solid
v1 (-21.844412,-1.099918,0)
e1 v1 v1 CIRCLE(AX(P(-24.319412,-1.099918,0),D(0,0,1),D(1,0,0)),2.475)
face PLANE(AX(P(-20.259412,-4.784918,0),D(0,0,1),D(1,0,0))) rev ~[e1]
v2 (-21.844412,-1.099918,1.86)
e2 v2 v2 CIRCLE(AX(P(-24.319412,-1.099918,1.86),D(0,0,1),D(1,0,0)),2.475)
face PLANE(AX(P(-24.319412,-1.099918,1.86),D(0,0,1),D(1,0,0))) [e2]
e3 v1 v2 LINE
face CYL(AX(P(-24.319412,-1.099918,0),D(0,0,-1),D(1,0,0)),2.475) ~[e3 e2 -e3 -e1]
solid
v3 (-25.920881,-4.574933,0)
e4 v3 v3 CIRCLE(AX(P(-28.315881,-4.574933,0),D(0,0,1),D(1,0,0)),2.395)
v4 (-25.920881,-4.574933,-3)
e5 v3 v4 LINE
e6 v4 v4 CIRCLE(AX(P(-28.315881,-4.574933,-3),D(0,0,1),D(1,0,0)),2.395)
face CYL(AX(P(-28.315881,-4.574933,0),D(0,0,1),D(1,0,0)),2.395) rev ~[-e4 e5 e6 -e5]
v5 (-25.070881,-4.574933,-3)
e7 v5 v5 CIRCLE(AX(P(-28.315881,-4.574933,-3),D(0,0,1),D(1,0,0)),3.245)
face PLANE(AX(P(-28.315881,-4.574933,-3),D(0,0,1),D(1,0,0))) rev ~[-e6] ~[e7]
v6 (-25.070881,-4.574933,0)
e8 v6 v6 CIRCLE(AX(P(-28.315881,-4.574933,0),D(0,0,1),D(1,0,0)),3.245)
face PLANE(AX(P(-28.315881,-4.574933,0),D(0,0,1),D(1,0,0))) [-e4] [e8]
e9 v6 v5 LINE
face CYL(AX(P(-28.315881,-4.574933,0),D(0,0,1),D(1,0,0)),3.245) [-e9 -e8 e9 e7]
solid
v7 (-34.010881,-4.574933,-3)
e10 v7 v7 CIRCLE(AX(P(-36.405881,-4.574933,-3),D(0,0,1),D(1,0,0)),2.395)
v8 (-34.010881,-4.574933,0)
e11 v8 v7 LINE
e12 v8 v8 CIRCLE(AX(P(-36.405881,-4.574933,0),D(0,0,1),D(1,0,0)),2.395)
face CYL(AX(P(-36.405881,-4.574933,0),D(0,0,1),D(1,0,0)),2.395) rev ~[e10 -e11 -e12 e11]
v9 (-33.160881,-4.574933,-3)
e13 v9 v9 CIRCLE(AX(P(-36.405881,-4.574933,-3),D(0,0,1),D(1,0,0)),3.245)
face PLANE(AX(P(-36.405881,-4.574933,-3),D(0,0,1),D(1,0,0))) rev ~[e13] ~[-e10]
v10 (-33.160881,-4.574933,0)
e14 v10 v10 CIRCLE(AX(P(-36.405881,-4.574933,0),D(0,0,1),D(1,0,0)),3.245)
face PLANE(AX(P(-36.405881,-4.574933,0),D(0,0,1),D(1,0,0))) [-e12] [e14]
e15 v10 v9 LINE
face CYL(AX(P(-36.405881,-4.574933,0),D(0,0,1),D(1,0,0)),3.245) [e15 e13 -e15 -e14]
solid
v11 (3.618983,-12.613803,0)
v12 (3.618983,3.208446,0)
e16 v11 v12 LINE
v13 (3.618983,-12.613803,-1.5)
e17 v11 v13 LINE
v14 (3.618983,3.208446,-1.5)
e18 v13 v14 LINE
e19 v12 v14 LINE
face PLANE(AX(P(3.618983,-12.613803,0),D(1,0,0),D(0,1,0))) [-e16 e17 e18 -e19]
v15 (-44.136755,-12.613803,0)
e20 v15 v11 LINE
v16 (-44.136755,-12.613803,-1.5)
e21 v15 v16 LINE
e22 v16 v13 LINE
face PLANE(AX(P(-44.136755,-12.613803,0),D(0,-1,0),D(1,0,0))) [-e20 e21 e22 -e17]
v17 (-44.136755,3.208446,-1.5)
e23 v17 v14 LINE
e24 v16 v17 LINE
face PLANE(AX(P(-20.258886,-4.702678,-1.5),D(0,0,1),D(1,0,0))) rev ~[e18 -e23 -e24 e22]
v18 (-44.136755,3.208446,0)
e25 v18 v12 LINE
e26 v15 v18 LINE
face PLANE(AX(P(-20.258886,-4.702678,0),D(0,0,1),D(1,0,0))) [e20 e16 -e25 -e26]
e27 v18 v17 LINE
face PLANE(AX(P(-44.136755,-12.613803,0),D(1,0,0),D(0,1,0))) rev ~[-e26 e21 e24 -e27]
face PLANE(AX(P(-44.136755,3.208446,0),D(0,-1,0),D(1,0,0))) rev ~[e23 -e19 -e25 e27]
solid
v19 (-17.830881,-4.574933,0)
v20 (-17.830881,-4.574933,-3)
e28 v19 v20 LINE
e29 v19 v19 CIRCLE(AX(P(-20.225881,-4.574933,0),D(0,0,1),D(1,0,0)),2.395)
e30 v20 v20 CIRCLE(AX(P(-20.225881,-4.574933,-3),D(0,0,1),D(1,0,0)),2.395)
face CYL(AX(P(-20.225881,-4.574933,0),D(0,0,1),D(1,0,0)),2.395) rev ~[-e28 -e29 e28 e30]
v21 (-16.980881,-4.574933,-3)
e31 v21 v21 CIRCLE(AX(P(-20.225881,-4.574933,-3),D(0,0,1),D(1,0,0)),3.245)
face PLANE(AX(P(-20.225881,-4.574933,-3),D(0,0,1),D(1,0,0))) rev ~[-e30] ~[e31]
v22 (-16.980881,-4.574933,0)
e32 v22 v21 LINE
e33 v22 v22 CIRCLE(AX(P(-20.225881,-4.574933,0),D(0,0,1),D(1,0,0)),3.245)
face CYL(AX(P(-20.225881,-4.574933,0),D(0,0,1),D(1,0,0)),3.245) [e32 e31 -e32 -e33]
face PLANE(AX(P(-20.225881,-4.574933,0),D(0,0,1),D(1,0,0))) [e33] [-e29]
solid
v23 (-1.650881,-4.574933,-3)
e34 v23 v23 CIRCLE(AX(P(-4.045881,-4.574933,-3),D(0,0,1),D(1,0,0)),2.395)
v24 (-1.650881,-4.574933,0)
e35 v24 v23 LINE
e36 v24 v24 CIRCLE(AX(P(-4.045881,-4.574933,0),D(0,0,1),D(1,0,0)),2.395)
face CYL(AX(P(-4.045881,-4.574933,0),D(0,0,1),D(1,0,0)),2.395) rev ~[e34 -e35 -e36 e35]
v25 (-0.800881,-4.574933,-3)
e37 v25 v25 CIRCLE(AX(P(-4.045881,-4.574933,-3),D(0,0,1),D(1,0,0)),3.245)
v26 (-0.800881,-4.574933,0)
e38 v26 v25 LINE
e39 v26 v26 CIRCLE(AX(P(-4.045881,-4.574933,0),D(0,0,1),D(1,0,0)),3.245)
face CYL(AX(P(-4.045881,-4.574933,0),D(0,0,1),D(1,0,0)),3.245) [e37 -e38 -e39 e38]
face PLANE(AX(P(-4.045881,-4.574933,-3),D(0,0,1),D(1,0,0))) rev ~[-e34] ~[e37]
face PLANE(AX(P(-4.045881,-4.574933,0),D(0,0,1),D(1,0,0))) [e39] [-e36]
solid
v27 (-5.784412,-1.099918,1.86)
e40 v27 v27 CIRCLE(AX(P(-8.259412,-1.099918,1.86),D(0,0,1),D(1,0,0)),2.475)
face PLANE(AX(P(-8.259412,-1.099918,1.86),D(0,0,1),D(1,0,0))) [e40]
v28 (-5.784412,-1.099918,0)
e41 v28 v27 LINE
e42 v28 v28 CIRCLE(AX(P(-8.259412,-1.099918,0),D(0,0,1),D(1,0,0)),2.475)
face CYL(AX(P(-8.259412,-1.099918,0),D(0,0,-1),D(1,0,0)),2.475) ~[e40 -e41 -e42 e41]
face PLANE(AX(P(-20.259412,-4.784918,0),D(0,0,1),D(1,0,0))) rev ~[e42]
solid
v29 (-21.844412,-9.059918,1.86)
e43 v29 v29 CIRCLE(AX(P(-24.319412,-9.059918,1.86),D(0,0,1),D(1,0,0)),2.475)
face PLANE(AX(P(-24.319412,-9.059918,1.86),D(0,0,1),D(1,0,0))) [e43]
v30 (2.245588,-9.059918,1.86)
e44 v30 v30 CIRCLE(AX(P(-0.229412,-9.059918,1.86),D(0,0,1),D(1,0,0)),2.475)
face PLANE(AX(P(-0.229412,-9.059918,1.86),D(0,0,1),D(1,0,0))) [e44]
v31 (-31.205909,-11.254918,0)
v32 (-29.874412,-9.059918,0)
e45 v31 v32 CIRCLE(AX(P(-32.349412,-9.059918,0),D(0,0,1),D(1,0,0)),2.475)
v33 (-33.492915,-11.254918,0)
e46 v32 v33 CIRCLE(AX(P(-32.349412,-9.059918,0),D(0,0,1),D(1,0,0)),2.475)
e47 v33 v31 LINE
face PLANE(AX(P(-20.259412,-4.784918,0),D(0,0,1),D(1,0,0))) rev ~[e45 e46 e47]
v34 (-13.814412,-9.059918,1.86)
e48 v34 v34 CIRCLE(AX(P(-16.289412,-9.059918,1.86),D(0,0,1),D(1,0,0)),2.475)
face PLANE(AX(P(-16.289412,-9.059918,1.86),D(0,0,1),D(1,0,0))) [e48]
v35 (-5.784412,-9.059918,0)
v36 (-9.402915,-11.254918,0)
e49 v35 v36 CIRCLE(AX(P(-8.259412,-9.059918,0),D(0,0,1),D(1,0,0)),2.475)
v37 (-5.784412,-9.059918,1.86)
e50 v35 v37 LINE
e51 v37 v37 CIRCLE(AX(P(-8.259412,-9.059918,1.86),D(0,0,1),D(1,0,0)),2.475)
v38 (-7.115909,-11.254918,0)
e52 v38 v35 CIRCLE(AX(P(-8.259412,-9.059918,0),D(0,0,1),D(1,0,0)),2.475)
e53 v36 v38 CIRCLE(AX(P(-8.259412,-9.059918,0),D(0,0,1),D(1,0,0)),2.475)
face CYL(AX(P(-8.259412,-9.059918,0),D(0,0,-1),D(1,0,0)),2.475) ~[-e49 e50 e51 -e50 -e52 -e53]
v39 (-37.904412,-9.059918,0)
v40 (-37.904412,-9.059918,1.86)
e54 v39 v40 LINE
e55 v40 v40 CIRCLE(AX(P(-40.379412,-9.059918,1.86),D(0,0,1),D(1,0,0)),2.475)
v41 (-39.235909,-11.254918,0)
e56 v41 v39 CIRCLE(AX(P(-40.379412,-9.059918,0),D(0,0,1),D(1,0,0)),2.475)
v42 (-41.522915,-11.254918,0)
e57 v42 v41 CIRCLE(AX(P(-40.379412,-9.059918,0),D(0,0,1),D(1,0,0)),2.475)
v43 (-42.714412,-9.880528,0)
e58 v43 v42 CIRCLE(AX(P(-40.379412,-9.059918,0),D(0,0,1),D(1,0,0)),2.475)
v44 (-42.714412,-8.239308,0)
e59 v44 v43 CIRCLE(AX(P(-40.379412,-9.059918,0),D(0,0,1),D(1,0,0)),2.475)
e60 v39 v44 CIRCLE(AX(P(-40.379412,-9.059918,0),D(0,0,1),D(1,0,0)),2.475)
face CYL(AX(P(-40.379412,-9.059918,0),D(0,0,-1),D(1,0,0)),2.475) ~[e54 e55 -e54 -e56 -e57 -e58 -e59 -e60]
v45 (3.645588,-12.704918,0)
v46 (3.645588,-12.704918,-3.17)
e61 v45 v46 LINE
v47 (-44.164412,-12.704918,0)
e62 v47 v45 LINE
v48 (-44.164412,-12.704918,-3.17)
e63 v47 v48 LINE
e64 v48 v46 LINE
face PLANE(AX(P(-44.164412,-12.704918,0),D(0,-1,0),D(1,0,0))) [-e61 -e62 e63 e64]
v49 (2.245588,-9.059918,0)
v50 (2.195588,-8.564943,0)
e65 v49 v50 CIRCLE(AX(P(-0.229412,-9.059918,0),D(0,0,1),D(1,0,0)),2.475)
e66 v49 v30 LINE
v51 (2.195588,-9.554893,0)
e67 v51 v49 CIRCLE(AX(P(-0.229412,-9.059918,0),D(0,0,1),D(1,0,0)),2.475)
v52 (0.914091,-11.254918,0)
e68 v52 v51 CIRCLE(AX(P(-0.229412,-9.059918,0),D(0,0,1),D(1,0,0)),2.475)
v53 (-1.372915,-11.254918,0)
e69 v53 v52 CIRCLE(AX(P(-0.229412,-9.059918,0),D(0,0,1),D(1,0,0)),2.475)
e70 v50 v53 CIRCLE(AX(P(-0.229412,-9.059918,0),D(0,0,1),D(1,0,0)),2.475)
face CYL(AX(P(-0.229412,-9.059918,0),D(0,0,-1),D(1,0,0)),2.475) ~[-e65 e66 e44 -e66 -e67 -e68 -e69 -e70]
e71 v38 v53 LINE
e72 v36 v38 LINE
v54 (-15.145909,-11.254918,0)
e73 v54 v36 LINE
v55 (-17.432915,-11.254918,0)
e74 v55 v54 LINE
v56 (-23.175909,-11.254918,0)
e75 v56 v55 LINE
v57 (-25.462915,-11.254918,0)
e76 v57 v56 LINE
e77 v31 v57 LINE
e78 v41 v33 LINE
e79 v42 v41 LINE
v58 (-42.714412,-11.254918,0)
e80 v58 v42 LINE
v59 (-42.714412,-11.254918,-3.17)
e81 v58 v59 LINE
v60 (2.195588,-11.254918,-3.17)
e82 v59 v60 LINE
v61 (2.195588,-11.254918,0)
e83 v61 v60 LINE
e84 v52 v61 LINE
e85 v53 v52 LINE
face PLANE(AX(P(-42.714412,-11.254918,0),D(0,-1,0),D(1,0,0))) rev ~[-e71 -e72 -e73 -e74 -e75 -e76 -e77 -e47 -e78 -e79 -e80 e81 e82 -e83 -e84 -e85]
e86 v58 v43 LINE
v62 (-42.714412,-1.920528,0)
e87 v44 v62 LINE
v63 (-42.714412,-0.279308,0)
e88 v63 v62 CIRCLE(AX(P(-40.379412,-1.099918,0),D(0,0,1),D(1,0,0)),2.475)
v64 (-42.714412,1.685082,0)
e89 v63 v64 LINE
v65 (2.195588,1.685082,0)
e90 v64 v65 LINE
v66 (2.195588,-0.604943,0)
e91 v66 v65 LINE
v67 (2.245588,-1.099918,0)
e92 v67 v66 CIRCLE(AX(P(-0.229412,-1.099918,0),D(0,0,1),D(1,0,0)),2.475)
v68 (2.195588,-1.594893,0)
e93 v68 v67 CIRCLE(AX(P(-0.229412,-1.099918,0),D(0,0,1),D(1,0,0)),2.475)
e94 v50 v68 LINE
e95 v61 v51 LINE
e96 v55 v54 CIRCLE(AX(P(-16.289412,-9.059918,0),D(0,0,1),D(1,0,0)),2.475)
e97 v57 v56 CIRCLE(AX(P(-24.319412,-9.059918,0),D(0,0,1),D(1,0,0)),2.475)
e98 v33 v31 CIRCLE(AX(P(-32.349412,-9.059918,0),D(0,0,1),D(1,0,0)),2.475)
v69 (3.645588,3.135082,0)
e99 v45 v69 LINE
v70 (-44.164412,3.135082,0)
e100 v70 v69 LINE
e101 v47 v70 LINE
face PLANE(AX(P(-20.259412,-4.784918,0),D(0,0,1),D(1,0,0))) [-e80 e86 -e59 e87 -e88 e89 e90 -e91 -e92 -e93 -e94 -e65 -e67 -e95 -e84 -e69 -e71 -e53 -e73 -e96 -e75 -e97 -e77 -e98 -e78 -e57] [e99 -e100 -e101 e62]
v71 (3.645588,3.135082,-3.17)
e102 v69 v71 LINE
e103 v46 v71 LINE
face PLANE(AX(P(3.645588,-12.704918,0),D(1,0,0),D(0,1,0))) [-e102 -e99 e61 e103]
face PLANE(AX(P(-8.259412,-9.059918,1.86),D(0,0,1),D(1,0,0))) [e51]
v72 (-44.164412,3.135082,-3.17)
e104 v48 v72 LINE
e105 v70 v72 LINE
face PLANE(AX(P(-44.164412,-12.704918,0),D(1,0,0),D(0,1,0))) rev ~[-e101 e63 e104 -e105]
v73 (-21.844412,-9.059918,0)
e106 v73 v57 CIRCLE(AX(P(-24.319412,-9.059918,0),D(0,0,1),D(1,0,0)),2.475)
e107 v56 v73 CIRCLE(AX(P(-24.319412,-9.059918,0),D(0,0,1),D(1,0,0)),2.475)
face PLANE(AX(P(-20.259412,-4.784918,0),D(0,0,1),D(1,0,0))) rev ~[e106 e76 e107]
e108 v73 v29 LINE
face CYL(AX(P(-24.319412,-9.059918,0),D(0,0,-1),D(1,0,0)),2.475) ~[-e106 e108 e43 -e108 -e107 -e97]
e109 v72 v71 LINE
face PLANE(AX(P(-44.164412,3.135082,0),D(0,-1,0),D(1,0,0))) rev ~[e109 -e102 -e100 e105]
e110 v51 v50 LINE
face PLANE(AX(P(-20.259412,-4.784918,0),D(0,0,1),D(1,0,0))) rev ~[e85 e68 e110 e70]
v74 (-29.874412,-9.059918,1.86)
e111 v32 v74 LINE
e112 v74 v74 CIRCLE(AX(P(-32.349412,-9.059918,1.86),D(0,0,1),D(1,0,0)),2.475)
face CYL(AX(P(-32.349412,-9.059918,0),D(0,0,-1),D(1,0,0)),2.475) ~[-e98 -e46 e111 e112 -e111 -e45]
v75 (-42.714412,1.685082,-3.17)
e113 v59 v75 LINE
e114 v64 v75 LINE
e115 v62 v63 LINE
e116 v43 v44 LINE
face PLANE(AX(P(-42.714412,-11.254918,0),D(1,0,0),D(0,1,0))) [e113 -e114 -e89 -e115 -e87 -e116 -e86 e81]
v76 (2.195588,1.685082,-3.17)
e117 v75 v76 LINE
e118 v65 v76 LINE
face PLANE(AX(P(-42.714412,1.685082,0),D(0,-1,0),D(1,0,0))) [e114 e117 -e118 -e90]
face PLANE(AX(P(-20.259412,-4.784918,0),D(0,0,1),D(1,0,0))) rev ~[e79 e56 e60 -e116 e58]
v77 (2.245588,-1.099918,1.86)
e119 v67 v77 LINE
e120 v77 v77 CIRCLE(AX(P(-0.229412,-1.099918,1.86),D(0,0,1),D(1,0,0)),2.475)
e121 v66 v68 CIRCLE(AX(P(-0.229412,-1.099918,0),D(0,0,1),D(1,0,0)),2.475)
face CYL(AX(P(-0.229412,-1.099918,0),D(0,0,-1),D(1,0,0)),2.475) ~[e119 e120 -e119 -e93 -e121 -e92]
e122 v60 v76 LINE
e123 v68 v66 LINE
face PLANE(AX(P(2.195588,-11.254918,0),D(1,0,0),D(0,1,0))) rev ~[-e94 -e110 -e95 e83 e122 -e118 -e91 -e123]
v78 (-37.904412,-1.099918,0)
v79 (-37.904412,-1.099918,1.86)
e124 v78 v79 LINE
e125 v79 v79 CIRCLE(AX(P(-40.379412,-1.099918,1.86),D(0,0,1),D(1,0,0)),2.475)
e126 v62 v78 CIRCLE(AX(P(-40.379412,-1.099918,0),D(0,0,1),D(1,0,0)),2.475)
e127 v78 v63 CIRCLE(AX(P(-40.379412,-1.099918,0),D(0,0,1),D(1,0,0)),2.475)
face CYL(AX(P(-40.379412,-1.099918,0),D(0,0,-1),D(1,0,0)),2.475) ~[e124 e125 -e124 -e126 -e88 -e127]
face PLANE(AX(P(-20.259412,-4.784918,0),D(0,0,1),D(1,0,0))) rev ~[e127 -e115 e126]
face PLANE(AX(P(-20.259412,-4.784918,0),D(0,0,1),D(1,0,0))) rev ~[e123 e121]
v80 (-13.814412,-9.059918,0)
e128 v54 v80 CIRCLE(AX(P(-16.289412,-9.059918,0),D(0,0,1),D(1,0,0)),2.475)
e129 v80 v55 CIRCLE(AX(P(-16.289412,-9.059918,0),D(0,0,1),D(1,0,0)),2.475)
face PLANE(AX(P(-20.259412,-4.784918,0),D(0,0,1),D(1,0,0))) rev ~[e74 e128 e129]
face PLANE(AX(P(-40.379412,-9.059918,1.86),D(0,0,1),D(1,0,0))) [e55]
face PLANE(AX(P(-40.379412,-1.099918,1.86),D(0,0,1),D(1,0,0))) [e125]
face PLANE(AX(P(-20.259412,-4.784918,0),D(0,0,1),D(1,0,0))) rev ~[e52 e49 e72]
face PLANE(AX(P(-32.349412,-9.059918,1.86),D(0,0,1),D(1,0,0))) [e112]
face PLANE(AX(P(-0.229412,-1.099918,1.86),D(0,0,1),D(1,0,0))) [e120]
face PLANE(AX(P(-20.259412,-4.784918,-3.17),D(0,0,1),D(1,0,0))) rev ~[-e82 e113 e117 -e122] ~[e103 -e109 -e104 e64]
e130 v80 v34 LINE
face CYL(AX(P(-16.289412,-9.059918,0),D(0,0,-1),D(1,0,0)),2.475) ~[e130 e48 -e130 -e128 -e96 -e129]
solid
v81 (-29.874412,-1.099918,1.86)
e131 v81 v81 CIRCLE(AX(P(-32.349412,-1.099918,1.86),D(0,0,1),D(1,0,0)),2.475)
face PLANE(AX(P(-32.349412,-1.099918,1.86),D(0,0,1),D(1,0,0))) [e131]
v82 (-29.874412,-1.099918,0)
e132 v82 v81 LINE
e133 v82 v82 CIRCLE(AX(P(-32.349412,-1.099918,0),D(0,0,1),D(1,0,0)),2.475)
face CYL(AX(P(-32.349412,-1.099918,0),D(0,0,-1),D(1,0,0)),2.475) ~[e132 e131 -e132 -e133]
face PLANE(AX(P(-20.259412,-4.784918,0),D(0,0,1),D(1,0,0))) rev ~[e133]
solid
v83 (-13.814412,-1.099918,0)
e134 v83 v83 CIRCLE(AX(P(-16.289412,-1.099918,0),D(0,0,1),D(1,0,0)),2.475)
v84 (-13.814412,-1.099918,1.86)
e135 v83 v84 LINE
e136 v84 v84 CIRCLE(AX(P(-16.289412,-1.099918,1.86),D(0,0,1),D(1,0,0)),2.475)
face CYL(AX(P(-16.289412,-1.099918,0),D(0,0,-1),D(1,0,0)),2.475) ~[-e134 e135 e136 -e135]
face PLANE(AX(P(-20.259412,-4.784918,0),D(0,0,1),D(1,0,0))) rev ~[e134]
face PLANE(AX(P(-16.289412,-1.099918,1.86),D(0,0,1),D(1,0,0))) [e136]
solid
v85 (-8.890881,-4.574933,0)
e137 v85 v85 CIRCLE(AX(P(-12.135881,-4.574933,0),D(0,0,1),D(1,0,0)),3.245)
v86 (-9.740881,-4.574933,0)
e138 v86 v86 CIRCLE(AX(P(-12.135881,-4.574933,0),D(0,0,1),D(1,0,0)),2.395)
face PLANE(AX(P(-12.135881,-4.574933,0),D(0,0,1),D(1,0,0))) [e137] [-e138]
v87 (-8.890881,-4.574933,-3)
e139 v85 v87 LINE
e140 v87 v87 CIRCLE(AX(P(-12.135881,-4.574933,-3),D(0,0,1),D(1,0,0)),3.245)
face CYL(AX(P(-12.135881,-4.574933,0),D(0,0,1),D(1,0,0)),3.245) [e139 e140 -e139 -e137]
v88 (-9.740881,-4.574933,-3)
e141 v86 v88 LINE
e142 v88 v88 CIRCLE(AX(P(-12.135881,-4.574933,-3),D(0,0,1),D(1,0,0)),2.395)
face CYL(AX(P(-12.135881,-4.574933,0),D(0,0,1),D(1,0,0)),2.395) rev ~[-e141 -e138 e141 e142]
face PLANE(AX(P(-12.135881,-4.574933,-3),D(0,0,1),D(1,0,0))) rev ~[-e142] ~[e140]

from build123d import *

# Parameters (mm, degrees)
F0_W     = 47.81
F0_H     = 15.84
F1_DEPTH = 3.17
F2_R     = 2.475
F3_DEPTH = 1.86
F4_W     = 44.91
F4_H     = 12.94
F5_DEPTH = 25
F6_W     = 47.755738
F6_H     = 15.822249
F7_DEPTH = 1.5
F8_R     = 3.245
F8_R_2   = 2.395
F9_DEPTH = 3


with BuildPart() as f1:
    # F0 (on Top) → F1 (new body)
    with BuildSketch(Plane.XY):
        with Locations((-20.259412, -4.784918)):
            Rectangle(F0_W, F0_H)
    extrude(amount=-F1_DEPTH)

    # F2 (on Top) → F3 (join)
    with BuildSketch(Plane.XY):
        with Locations((-40.379412, -1.099918)):
            Circle(F2_R)
        with Locations((-32.349412, -1.099918)):
            Circle(F2_R)
        with Locations((-24.319412, -1.099918)):
            Circle(F2_R)
        with Locations((-16.289412, -1.099918)):
            Circle(F2_R)
        with Locations((-8.259412, -1.099918)):
            Circle(F2_R)
        with Locations((-0.229412, -1.099918)):
            Circle(F2_R)
        with Locations((-40.379412, -9.059918)):
            Circle(F2_R)
        with Locations((-32.349412, -9.059918)):
            Circle(F2_R)
        with Locations((-24.319412, -9.059918)):
            Circle(F2_R)
        with Locations((-16.289412, -9.059918)):
            Circle(F2_R)
        with Locations((-8.259412, -9.059918)):
            Circle(F2_R)
        with Locations((-0.229412, -9.059918)):
            Circle(F2_R)
    extrude(amount=F3_DEPTH)

    # F4 (on Top) → F5 (cut)
    with BuildSketch(Plane.XY):
        with Locations((-20.259412, -4.784918)):
            Rectangle(F4_W, F4_H)
    extrude(amount=-F5_DEPTH, mode=Mode.SUBTRACT)


with BuildPart() as f7:
    # F6 (on Top) → F7 (new body)
    with BuildSketch(Plane.XY):
        with Locations((-20.258886, -4.702678)):
            Rectangle(F6_W, F6_H)
    extrude(amount=-F7_DEPTH)


with BuildPart() as f9:
    # F8 (on Top) → F9 (new body)
    with BuildSketch(Plane.XY):
        with Locations((-36.405881, -4.574933)):
            Circle(F8_R)
        with Locations((-36.405881, -4.574933)):
            Circle(F8_R_2, mode=Mode.SUBTRACT)
        with Locations((-28.315881, -4.574933)):
            Circle(F8_R)
        with Locations((-28.315881, -4.574933)):
            Circle(F8_R_2, mode=Mode.SUBTRACT)
        with Locations((-20.225881, -4.574933)):
            Circle(F8_R)
        with Locations((-20.225881, -4.574933)):
            Circle(F8_R_2, mode=Mode.SUBTRACT)
        with Locations((-12.135881, -4.574933)):
            Circle(F8_R)
        with Locations((-12.135881, -4.574933)):
            Circle(F8_R_2, mode=Mode.SUBTRACT)
        with Locations((-4.045881, -4.574933)):
            Circle(F8_R)
        with Locations((-4.045881, -4.574933)):
            Circle(F8_R_2, mode=Mode.SUBTRACT)
    extrude(amount=-F9_DEPTH)


solid = Compound([f1.part, f7.part, f9.part])
